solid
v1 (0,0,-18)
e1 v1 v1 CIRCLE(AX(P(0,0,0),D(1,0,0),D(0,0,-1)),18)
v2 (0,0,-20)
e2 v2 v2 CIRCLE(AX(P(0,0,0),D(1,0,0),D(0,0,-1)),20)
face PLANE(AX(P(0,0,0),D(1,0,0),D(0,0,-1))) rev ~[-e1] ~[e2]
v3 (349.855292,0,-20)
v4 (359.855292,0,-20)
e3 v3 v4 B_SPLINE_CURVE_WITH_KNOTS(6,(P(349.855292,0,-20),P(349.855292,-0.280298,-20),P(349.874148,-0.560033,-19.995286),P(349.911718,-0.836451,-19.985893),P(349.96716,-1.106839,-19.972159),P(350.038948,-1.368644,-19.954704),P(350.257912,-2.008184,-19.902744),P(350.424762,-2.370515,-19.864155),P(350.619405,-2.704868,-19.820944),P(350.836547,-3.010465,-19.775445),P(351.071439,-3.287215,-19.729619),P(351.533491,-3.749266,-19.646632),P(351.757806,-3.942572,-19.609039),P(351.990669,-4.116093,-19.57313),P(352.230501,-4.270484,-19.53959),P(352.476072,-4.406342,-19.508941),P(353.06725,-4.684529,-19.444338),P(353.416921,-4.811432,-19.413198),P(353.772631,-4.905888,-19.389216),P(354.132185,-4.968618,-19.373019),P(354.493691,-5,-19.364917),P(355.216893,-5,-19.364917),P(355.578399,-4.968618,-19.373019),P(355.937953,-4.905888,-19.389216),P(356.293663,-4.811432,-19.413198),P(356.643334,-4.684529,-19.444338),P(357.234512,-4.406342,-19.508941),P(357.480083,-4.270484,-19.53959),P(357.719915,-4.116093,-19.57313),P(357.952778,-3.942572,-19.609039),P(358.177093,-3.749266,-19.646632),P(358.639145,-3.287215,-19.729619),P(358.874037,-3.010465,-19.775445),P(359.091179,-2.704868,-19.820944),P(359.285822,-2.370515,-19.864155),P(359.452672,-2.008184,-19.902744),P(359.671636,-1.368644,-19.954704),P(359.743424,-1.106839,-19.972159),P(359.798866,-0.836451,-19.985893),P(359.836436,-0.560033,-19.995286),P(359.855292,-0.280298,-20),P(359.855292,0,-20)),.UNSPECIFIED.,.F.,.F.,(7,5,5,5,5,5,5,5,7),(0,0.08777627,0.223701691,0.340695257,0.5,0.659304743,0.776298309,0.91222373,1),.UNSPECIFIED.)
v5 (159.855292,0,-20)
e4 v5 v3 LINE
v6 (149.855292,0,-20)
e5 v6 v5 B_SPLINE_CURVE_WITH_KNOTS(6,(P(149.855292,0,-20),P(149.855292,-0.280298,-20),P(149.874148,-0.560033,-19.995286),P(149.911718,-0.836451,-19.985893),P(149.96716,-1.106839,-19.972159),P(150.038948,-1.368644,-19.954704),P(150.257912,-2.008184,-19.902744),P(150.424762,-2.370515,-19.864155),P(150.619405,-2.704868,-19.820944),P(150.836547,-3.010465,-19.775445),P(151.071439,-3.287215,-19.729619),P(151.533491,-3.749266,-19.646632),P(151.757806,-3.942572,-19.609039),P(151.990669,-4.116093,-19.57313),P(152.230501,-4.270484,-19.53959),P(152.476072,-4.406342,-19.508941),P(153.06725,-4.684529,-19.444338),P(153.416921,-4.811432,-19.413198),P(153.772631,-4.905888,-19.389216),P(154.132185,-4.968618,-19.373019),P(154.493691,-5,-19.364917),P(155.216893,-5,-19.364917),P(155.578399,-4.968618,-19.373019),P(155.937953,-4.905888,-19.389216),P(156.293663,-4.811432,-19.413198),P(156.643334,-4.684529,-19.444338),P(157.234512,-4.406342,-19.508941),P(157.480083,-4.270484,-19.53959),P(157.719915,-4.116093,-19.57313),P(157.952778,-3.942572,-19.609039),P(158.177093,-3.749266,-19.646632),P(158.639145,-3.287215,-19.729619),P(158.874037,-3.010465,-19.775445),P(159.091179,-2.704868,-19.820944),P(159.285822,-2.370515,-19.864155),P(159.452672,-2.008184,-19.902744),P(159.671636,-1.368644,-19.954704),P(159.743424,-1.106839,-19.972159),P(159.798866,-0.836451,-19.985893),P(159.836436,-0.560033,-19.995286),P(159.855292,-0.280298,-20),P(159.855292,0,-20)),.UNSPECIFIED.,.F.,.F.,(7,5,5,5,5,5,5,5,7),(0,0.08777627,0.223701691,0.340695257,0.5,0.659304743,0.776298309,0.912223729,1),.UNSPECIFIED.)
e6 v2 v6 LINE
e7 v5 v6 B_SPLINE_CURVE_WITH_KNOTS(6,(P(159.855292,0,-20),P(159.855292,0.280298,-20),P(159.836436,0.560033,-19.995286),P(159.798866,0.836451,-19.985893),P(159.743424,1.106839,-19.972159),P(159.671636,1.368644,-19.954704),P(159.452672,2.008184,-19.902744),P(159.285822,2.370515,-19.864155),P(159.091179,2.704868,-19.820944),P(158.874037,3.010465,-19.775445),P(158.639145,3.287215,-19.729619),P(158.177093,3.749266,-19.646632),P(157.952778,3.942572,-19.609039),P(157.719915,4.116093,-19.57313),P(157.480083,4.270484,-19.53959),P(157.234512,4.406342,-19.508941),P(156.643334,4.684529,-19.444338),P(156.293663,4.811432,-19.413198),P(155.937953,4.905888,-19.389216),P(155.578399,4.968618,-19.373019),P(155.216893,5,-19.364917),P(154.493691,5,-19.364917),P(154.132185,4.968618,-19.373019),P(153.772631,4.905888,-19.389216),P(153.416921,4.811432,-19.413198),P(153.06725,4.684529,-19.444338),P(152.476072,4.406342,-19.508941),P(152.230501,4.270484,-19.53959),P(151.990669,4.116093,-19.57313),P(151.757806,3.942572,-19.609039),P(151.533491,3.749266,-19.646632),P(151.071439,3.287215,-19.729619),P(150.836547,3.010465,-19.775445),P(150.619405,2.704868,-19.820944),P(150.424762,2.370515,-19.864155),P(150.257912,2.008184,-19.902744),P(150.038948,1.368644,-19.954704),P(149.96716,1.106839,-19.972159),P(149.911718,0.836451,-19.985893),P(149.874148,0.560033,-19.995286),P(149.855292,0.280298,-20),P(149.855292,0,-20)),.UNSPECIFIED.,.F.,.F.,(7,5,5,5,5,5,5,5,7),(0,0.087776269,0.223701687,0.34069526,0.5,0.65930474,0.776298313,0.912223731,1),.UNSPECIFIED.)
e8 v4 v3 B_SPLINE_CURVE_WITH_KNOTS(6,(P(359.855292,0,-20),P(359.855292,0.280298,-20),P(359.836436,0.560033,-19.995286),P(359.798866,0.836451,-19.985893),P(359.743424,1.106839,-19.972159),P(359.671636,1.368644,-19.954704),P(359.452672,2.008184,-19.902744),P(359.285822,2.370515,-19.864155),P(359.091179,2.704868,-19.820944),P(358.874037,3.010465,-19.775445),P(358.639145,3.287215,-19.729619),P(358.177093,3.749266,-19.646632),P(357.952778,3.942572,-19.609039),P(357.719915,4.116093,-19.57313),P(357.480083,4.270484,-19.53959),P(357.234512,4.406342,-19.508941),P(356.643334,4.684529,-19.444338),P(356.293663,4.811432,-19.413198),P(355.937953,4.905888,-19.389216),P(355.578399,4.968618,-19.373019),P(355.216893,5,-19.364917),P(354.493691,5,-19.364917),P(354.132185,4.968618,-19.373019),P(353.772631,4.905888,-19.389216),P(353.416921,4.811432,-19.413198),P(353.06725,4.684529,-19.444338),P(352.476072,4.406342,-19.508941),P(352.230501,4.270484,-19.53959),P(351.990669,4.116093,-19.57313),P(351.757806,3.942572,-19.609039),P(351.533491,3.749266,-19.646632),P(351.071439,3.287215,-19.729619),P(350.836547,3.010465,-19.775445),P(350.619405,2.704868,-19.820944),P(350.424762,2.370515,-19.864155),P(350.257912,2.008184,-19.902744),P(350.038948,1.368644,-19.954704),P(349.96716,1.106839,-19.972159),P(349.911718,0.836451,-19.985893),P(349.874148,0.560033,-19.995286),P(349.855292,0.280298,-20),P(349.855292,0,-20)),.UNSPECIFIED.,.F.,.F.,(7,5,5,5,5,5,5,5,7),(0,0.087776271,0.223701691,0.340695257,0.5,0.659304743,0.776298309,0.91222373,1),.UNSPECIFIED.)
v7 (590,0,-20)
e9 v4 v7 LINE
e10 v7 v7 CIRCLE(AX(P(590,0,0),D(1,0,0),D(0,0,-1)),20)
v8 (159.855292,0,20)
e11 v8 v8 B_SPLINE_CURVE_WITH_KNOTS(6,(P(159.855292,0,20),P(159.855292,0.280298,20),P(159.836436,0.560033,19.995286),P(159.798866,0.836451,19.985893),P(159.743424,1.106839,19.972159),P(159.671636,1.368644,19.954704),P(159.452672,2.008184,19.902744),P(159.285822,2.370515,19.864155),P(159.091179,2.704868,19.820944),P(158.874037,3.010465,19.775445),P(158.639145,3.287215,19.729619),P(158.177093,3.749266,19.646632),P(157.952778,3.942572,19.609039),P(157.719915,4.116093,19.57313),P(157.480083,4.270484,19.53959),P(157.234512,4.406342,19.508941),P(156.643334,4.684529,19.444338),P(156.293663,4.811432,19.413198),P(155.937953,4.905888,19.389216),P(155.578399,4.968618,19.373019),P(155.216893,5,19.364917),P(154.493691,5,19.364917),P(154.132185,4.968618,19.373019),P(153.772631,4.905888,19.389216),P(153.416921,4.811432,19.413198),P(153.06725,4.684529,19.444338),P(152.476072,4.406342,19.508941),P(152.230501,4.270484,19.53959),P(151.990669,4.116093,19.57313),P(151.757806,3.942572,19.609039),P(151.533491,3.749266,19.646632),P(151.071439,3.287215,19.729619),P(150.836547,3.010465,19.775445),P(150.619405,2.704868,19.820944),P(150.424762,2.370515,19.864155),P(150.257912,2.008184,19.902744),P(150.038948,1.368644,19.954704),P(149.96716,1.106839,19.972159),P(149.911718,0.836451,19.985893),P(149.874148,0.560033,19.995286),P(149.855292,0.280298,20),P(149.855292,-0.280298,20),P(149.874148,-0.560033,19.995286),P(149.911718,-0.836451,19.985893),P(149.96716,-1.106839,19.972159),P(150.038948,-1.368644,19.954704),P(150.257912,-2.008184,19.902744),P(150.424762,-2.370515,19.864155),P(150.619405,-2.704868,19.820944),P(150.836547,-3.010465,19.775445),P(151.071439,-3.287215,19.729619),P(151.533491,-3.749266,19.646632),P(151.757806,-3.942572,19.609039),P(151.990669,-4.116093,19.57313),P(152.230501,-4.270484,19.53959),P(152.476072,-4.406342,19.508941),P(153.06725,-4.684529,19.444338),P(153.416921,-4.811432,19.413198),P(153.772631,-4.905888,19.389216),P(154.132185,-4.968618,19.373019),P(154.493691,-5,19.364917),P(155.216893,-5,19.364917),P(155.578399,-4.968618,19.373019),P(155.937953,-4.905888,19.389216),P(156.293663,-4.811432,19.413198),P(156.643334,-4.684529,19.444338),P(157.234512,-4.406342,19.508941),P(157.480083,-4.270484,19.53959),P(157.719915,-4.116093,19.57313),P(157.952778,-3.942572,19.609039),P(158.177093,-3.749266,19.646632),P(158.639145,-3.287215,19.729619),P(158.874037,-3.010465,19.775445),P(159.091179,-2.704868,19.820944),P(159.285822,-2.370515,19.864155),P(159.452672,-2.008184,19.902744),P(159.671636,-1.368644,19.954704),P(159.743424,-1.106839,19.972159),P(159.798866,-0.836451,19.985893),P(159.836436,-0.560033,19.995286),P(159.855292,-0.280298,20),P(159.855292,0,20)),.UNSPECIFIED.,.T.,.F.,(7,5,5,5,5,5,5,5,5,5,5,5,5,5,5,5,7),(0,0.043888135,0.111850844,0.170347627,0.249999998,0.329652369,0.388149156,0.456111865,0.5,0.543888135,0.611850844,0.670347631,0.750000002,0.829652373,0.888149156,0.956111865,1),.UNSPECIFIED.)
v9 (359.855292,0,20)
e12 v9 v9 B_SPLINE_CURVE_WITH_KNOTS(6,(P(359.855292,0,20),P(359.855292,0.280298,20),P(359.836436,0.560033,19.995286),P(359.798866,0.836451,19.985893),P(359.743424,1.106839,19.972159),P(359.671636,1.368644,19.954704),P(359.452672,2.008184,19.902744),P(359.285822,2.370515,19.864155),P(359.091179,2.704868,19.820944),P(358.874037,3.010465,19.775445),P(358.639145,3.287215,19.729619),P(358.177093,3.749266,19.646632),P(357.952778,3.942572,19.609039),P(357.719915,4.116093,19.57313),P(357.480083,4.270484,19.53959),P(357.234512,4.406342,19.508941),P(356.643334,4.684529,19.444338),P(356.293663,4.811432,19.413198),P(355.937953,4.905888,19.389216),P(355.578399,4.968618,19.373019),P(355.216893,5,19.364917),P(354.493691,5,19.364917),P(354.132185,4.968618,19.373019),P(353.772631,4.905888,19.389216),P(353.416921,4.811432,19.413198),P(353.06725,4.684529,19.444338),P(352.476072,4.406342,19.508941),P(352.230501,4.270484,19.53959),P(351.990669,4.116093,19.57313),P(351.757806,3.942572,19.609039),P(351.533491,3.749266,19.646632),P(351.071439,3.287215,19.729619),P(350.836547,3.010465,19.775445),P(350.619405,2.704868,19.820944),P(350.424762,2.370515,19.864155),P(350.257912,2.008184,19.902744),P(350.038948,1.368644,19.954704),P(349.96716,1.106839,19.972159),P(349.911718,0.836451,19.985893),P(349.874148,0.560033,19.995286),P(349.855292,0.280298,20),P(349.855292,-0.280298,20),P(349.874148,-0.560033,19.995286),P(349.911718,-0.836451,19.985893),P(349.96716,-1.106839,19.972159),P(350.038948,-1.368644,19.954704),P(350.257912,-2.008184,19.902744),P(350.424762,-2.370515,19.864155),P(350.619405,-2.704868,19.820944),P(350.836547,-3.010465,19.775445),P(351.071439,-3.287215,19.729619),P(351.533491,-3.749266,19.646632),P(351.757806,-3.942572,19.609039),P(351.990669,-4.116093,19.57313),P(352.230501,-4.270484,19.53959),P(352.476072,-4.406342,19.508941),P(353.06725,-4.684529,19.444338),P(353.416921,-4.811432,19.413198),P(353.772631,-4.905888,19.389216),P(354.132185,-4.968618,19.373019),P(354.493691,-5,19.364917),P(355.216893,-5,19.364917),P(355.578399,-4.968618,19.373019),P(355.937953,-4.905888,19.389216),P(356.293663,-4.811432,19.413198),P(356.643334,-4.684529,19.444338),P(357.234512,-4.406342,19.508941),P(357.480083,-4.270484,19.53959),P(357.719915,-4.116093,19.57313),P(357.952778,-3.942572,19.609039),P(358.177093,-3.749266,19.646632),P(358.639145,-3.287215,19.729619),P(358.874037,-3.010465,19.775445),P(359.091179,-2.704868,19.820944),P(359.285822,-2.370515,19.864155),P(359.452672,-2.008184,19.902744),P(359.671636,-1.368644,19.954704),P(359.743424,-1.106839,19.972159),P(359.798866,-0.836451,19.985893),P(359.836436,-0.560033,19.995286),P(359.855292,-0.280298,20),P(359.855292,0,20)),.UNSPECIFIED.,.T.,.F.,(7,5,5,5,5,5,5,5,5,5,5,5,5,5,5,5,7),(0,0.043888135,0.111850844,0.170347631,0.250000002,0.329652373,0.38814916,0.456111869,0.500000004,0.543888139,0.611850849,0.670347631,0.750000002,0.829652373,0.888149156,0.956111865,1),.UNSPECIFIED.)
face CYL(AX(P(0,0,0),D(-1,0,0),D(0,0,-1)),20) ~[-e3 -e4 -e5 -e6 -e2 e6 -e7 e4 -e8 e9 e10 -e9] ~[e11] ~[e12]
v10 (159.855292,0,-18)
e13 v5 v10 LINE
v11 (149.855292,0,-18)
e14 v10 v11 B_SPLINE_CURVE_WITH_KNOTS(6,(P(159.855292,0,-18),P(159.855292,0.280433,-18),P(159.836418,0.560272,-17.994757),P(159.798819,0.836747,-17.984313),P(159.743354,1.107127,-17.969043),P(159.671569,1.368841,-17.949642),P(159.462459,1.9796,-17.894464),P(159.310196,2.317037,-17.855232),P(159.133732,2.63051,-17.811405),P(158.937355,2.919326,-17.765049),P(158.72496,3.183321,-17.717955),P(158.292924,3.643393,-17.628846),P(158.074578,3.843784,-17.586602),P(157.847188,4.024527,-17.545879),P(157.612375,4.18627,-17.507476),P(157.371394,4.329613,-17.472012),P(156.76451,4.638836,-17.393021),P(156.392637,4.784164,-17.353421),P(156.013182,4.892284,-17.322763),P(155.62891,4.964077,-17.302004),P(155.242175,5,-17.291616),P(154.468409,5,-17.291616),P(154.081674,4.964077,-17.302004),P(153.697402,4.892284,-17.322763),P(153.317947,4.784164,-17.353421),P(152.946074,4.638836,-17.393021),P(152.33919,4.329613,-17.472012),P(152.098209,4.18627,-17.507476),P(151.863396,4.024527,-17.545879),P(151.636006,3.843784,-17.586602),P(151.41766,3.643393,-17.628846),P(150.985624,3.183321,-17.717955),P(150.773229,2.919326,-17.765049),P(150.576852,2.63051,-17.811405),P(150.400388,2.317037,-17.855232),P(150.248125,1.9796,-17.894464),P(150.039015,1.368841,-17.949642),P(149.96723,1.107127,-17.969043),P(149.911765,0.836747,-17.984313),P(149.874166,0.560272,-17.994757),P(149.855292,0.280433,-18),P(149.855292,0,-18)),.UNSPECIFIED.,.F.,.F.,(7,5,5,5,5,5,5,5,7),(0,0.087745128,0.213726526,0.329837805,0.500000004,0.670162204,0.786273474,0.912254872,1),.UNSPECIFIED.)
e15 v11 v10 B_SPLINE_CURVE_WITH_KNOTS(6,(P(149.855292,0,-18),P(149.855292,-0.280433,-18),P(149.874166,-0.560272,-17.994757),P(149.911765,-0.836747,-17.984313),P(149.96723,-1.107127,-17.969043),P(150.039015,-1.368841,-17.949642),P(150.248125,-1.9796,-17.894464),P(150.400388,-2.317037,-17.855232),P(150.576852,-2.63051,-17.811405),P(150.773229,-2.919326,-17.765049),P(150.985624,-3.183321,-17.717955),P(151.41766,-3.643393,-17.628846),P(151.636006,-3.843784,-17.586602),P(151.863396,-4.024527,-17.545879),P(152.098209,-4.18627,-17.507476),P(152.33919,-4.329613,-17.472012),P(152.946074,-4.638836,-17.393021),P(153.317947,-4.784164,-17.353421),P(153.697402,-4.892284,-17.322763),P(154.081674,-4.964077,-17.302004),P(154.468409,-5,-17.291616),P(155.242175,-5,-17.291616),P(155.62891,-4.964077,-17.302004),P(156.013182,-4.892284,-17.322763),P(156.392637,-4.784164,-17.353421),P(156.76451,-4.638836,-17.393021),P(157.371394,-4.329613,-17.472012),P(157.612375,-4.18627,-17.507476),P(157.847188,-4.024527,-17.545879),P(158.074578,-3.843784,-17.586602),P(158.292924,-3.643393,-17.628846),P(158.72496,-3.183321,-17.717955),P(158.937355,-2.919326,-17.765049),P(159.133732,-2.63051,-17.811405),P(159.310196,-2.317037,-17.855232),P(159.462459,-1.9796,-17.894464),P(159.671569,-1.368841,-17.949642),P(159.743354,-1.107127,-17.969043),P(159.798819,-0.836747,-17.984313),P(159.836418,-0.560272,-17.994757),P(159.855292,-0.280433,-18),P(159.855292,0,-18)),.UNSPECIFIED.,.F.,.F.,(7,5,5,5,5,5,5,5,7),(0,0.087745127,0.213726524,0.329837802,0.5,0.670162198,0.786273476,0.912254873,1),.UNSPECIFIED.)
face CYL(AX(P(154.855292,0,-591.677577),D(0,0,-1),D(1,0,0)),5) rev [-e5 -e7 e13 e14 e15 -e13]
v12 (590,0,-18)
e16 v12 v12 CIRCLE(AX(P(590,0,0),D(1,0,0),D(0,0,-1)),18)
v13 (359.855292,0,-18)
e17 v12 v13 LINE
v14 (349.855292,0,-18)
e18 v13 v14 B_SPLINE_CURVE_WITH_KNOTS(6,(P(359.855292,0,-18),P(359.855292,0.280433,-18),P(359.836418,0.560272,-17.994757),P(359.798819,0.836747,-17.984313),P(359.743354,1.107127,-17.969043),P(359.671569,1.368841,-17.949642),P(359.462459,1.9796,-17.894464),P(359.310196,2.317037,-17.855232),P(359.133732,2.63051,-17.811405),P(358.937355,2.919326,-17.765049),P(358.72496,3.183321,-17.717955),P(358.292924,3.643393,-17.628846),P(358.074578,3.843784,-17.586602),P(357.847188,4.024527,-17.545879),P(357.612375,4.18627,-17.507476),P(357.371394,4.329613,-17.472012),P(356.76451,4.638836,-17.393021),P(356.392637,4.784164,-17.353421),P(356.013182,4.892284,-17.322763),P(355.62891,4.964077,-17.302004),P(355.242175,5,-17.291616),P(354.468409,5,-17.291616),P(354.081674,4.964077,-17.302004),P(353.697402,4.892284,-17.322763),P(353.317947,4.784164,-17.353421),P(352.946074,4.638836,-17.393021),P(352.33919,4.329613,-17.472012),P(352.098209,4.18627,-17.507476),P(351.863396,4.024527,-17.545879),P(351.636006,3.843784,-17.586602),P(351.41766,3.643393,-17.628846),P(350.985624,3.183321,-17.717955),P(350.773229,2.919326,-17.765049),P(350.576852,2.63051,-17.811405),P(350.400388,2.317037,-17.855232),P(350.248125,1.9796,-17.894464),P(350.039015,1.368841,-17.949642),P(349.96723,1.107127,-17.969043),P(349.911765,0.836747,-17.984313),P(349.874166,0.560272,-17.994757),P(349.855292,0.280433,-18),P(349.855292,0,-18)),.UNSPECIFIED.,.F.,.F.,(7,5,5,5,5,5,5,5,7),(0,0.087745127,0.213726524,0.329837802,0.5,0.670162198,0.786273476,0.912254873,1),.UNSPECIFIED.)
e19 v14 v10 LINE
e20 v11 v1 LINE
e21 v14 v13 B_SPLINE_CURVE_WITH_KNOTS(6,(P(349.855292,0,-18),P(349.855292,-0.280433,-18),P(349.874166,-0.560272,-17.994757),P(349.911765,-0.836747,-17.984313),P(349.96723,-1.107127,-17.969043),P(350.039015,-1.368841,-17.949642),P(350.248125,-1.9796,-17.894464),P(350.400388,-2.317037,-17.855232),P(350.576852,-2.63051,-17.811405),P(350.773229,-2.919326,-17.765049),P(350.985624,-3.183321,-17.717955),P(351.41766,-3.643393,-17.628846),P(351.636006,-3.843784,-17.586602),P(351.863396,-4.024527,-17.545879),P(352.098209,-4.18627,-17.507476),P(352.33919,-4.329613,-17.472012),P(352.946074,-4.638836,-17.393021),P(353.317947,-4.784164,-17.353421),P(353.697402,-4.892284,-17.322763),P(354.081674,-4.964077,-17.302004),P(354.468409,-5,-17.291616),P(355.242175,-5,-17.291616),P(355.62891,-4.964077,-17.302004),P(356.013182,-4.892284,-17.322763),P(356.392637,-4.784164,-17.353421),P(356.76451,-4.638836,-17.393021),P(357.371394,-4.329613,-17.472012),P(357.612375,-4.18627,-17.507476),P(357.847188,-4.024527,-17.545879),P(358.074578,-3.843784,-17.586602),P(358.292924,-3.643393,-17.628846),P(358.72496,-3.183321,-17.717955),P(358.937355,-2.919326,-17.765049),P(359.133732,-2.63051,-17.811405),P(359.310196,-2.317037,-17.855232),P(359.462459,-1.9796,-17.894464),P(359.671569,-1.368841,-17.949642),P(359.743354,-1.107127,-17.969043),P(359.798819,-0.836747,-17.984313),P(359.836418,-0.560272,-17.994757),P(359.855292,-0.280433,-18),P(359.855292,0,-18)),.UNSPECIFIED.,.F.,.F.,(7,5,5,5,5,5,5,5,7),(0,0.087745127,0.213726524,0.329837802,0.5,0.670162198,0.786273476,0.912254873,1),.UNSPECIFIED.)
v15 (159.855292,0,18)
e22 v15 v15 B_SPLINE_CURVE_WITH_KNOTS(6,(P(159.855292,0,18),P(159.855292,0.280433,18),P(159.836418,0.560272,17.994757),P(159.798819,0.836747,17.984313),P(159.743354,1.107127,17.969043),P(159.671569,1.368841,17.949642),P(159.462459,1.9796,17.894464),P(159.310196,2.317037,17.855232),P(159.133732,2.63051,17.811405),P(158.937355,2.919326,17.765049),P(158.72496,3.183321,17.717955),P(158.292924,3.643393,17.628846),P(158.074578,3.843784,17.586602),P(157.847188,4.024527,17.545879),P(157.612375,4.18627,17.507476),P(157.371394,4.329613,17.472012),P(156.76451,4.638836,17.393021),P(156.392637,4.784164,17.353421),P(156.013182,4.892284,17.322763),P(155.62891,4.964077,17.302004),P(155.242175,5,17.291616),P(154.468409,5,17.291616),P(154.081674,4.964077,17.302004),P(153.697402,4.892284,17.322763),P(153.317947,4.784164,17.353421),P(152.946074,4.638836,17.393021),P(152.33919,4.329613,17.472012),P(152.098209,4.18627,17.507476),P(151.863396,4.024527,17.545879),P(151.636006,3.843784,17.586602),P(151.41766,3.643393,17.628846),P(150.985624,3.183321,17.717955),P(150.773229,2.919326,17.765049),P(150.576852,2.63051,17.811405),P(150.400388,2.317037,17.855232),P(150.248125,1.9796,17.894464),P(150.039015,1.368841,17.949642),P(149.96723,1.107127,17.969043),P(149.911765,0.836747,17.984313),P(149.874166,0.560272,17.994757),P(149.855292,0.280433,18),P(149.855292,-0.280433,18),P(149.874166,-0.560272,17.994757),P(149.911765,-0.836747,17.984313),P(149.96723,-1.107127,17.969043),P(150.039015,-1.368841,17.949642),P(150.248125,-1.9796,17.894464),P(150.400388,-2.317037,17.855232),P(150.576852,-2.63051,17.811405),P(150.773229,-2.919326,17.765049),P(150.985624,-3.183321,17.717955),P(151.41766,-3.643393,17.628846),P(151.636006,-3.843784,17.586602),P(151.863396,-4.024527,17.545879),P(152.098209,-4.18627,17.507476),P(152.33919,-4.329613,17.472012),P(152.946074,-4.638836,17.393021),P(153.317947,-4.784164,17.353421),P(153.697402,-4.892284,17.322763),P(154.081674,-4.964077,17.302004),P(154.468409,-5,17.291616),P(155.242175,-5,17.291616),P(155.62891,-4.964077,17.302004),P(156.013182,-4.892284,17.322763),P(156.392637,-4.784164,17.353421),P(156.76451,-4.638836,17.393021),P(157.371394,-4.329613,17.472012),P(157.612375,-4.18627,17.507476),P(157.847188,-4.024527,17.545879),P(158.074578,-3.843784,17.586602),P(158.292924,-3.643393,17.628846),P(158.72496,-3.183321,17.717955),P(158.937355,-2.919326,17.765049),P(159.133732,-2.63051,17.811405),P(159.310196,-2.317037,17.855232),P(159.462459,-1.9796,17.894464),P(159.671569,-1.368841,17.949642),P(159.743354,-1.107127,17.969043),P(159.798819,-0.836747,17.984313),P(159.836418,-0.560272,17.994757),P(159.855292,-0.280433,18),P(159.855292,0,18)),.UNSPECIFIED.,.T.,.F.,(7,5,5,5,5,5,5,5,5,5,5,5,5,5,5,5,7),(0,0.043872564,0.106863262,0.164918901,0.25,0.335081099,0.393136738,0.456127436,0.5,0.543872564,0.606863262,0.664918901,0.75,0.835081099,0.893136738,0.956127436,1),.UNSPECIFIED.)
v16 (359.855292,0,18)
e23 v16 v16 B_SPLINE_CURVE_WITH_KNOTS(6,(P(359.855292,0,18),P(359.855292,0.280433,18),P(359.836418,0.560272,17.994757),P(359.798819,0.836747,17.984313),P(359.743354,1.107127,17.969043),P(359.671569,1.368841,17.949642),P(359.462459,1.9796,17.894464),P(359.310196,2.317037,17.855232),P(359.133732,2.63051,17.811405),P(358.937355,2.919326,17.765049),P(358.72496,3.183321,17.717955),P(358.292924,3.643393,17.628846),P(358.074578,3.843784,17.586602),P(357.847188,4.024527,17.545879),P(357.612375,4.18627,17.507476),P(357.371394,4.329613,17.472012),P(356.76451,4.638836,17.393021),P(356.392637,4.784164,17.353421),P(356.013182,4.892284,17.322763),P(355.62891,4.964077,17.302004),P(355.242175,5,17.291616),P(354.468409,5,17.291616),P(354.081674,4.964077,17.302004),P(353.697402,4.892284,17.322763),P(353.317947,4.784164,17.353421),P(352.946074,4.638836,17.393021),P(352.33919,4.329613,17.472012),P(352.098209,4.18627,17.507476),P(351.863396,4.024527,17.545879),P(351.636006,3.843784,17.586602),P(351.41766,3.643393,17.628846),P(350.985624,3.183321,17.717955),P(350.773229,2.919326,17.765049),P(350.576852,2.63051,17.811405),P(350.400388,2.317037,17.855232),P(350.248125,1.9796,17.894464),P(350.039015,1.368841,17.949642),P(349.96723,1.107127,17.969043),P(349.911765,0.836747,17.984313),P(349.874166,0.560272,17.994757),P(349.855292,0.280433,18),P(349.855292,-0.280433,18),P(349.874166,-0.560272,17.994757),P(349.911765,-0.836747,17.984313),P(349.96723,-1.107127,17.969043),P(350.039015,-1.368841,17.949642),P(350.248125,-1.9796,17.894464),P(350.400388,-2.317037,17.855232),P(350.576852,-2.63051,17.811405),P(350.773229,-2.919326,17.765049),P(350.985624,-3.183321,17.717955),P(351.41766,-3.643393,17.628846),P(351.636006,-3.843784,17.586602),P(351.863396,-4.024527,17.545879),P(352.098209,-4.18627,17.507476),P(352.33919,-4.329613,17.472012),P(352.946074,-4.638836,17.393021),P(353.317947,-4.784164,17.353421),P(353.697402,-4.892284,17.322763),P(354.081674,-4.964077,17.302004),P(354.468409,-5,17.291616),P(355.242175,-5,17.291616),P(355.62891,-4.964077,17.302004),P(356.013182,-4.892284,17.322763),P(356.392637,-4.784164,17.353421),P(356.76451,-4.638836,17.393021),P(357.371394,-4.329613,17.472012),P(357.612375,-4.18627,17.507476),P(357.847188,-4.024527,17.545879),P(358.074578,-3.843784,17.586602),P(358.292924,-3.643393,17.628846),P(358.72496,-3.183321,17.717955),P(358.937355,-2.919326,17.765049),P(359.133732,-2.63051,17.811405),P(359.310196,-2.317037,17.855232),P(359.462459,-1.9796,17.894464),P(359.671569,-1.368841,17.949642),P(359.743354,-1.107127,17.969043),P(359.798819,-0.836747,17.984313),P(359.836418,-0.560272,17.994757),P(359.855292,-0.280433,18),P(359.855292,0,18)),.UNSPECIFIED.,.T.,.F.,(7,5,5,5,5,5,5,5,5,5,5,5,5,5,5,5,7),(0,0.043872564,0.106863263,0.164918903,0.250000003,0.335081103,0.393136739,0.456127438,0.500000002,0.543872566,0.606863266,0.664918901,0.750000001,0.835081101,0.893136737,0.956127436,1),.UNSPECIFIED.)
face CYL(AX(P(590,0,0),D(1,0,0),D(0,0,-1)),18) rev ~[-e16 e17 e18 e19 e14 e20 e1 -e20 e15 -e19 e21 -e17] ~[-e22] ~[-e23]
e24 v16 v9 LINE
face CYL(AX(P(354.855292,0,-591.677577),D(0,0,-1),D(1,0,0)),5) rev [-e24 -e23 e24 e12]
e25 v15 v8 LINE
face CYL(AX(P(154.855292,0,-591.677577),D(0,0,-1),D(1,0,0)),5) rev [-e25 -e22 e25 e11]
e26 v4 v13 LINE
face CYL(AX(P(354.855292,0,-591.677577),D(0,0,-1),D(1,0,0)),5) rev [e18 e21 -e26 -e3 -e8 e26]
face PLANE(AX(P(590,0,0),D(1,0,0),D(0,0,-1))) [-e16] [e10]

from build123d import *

# Parameters (mm, degrees)
SKETCH1_R               = 20
BOSS_EXTRUDE1_DEPTH     = 590
SKETCH2_R               = 18
CUT_EXTRUDE1_DEPTH      = 602
CUT_EXTRUDE2_DEPTH      = 591.677577025
CUT_EXTRUDE2_DEPTH_BACK = 591.677577025
SKETCH3_R               = 5


with BuildPart() as part:
    # Sketch1 → Boss-Extrude1 (new body)
    with BuildSketch(Plane(origin=(0, 0, 0), x_dir=(0, 0, -1), z_dir=(1, 0, 0))):
        Circle(SKETCH1_R)
    extrude(amount=BOSS_EXTRUDE1_DEPTH)

    # Sketch2 → Cut-Extrude1 (cut)
    with BuildSketch(Plane(origin=(590, 0, 0), x_dir=(0, 0, -1), z_dir=(1, 0, 0))):
        Circle(SKETCH2_R)
    extrude(amount=-CUT_EXTRUDE1_DEPTH, mode=Mode.SUBTRACT)

    # Sketch3 → Cut-Extrude2 (cut, two sides: drawn at the far end of the back side and taken through both)
    with BuildSketch(Plane.XY.offset(-CUT_EXTRUDE2_DEPTH_BACK)):
        with Locations((154.855292025, 0)):
            Circle(SKETCH3_R)
        with Locations((354.855292025, 0)):
            Circle(SKETCH3_R)
    extrude(amount=CUT_EXTRUDE2_DEPTH + CUT_EXTRUDE2_DEPTH_BACK, mode=Mode.SUBTRACT)


solid = part.part
